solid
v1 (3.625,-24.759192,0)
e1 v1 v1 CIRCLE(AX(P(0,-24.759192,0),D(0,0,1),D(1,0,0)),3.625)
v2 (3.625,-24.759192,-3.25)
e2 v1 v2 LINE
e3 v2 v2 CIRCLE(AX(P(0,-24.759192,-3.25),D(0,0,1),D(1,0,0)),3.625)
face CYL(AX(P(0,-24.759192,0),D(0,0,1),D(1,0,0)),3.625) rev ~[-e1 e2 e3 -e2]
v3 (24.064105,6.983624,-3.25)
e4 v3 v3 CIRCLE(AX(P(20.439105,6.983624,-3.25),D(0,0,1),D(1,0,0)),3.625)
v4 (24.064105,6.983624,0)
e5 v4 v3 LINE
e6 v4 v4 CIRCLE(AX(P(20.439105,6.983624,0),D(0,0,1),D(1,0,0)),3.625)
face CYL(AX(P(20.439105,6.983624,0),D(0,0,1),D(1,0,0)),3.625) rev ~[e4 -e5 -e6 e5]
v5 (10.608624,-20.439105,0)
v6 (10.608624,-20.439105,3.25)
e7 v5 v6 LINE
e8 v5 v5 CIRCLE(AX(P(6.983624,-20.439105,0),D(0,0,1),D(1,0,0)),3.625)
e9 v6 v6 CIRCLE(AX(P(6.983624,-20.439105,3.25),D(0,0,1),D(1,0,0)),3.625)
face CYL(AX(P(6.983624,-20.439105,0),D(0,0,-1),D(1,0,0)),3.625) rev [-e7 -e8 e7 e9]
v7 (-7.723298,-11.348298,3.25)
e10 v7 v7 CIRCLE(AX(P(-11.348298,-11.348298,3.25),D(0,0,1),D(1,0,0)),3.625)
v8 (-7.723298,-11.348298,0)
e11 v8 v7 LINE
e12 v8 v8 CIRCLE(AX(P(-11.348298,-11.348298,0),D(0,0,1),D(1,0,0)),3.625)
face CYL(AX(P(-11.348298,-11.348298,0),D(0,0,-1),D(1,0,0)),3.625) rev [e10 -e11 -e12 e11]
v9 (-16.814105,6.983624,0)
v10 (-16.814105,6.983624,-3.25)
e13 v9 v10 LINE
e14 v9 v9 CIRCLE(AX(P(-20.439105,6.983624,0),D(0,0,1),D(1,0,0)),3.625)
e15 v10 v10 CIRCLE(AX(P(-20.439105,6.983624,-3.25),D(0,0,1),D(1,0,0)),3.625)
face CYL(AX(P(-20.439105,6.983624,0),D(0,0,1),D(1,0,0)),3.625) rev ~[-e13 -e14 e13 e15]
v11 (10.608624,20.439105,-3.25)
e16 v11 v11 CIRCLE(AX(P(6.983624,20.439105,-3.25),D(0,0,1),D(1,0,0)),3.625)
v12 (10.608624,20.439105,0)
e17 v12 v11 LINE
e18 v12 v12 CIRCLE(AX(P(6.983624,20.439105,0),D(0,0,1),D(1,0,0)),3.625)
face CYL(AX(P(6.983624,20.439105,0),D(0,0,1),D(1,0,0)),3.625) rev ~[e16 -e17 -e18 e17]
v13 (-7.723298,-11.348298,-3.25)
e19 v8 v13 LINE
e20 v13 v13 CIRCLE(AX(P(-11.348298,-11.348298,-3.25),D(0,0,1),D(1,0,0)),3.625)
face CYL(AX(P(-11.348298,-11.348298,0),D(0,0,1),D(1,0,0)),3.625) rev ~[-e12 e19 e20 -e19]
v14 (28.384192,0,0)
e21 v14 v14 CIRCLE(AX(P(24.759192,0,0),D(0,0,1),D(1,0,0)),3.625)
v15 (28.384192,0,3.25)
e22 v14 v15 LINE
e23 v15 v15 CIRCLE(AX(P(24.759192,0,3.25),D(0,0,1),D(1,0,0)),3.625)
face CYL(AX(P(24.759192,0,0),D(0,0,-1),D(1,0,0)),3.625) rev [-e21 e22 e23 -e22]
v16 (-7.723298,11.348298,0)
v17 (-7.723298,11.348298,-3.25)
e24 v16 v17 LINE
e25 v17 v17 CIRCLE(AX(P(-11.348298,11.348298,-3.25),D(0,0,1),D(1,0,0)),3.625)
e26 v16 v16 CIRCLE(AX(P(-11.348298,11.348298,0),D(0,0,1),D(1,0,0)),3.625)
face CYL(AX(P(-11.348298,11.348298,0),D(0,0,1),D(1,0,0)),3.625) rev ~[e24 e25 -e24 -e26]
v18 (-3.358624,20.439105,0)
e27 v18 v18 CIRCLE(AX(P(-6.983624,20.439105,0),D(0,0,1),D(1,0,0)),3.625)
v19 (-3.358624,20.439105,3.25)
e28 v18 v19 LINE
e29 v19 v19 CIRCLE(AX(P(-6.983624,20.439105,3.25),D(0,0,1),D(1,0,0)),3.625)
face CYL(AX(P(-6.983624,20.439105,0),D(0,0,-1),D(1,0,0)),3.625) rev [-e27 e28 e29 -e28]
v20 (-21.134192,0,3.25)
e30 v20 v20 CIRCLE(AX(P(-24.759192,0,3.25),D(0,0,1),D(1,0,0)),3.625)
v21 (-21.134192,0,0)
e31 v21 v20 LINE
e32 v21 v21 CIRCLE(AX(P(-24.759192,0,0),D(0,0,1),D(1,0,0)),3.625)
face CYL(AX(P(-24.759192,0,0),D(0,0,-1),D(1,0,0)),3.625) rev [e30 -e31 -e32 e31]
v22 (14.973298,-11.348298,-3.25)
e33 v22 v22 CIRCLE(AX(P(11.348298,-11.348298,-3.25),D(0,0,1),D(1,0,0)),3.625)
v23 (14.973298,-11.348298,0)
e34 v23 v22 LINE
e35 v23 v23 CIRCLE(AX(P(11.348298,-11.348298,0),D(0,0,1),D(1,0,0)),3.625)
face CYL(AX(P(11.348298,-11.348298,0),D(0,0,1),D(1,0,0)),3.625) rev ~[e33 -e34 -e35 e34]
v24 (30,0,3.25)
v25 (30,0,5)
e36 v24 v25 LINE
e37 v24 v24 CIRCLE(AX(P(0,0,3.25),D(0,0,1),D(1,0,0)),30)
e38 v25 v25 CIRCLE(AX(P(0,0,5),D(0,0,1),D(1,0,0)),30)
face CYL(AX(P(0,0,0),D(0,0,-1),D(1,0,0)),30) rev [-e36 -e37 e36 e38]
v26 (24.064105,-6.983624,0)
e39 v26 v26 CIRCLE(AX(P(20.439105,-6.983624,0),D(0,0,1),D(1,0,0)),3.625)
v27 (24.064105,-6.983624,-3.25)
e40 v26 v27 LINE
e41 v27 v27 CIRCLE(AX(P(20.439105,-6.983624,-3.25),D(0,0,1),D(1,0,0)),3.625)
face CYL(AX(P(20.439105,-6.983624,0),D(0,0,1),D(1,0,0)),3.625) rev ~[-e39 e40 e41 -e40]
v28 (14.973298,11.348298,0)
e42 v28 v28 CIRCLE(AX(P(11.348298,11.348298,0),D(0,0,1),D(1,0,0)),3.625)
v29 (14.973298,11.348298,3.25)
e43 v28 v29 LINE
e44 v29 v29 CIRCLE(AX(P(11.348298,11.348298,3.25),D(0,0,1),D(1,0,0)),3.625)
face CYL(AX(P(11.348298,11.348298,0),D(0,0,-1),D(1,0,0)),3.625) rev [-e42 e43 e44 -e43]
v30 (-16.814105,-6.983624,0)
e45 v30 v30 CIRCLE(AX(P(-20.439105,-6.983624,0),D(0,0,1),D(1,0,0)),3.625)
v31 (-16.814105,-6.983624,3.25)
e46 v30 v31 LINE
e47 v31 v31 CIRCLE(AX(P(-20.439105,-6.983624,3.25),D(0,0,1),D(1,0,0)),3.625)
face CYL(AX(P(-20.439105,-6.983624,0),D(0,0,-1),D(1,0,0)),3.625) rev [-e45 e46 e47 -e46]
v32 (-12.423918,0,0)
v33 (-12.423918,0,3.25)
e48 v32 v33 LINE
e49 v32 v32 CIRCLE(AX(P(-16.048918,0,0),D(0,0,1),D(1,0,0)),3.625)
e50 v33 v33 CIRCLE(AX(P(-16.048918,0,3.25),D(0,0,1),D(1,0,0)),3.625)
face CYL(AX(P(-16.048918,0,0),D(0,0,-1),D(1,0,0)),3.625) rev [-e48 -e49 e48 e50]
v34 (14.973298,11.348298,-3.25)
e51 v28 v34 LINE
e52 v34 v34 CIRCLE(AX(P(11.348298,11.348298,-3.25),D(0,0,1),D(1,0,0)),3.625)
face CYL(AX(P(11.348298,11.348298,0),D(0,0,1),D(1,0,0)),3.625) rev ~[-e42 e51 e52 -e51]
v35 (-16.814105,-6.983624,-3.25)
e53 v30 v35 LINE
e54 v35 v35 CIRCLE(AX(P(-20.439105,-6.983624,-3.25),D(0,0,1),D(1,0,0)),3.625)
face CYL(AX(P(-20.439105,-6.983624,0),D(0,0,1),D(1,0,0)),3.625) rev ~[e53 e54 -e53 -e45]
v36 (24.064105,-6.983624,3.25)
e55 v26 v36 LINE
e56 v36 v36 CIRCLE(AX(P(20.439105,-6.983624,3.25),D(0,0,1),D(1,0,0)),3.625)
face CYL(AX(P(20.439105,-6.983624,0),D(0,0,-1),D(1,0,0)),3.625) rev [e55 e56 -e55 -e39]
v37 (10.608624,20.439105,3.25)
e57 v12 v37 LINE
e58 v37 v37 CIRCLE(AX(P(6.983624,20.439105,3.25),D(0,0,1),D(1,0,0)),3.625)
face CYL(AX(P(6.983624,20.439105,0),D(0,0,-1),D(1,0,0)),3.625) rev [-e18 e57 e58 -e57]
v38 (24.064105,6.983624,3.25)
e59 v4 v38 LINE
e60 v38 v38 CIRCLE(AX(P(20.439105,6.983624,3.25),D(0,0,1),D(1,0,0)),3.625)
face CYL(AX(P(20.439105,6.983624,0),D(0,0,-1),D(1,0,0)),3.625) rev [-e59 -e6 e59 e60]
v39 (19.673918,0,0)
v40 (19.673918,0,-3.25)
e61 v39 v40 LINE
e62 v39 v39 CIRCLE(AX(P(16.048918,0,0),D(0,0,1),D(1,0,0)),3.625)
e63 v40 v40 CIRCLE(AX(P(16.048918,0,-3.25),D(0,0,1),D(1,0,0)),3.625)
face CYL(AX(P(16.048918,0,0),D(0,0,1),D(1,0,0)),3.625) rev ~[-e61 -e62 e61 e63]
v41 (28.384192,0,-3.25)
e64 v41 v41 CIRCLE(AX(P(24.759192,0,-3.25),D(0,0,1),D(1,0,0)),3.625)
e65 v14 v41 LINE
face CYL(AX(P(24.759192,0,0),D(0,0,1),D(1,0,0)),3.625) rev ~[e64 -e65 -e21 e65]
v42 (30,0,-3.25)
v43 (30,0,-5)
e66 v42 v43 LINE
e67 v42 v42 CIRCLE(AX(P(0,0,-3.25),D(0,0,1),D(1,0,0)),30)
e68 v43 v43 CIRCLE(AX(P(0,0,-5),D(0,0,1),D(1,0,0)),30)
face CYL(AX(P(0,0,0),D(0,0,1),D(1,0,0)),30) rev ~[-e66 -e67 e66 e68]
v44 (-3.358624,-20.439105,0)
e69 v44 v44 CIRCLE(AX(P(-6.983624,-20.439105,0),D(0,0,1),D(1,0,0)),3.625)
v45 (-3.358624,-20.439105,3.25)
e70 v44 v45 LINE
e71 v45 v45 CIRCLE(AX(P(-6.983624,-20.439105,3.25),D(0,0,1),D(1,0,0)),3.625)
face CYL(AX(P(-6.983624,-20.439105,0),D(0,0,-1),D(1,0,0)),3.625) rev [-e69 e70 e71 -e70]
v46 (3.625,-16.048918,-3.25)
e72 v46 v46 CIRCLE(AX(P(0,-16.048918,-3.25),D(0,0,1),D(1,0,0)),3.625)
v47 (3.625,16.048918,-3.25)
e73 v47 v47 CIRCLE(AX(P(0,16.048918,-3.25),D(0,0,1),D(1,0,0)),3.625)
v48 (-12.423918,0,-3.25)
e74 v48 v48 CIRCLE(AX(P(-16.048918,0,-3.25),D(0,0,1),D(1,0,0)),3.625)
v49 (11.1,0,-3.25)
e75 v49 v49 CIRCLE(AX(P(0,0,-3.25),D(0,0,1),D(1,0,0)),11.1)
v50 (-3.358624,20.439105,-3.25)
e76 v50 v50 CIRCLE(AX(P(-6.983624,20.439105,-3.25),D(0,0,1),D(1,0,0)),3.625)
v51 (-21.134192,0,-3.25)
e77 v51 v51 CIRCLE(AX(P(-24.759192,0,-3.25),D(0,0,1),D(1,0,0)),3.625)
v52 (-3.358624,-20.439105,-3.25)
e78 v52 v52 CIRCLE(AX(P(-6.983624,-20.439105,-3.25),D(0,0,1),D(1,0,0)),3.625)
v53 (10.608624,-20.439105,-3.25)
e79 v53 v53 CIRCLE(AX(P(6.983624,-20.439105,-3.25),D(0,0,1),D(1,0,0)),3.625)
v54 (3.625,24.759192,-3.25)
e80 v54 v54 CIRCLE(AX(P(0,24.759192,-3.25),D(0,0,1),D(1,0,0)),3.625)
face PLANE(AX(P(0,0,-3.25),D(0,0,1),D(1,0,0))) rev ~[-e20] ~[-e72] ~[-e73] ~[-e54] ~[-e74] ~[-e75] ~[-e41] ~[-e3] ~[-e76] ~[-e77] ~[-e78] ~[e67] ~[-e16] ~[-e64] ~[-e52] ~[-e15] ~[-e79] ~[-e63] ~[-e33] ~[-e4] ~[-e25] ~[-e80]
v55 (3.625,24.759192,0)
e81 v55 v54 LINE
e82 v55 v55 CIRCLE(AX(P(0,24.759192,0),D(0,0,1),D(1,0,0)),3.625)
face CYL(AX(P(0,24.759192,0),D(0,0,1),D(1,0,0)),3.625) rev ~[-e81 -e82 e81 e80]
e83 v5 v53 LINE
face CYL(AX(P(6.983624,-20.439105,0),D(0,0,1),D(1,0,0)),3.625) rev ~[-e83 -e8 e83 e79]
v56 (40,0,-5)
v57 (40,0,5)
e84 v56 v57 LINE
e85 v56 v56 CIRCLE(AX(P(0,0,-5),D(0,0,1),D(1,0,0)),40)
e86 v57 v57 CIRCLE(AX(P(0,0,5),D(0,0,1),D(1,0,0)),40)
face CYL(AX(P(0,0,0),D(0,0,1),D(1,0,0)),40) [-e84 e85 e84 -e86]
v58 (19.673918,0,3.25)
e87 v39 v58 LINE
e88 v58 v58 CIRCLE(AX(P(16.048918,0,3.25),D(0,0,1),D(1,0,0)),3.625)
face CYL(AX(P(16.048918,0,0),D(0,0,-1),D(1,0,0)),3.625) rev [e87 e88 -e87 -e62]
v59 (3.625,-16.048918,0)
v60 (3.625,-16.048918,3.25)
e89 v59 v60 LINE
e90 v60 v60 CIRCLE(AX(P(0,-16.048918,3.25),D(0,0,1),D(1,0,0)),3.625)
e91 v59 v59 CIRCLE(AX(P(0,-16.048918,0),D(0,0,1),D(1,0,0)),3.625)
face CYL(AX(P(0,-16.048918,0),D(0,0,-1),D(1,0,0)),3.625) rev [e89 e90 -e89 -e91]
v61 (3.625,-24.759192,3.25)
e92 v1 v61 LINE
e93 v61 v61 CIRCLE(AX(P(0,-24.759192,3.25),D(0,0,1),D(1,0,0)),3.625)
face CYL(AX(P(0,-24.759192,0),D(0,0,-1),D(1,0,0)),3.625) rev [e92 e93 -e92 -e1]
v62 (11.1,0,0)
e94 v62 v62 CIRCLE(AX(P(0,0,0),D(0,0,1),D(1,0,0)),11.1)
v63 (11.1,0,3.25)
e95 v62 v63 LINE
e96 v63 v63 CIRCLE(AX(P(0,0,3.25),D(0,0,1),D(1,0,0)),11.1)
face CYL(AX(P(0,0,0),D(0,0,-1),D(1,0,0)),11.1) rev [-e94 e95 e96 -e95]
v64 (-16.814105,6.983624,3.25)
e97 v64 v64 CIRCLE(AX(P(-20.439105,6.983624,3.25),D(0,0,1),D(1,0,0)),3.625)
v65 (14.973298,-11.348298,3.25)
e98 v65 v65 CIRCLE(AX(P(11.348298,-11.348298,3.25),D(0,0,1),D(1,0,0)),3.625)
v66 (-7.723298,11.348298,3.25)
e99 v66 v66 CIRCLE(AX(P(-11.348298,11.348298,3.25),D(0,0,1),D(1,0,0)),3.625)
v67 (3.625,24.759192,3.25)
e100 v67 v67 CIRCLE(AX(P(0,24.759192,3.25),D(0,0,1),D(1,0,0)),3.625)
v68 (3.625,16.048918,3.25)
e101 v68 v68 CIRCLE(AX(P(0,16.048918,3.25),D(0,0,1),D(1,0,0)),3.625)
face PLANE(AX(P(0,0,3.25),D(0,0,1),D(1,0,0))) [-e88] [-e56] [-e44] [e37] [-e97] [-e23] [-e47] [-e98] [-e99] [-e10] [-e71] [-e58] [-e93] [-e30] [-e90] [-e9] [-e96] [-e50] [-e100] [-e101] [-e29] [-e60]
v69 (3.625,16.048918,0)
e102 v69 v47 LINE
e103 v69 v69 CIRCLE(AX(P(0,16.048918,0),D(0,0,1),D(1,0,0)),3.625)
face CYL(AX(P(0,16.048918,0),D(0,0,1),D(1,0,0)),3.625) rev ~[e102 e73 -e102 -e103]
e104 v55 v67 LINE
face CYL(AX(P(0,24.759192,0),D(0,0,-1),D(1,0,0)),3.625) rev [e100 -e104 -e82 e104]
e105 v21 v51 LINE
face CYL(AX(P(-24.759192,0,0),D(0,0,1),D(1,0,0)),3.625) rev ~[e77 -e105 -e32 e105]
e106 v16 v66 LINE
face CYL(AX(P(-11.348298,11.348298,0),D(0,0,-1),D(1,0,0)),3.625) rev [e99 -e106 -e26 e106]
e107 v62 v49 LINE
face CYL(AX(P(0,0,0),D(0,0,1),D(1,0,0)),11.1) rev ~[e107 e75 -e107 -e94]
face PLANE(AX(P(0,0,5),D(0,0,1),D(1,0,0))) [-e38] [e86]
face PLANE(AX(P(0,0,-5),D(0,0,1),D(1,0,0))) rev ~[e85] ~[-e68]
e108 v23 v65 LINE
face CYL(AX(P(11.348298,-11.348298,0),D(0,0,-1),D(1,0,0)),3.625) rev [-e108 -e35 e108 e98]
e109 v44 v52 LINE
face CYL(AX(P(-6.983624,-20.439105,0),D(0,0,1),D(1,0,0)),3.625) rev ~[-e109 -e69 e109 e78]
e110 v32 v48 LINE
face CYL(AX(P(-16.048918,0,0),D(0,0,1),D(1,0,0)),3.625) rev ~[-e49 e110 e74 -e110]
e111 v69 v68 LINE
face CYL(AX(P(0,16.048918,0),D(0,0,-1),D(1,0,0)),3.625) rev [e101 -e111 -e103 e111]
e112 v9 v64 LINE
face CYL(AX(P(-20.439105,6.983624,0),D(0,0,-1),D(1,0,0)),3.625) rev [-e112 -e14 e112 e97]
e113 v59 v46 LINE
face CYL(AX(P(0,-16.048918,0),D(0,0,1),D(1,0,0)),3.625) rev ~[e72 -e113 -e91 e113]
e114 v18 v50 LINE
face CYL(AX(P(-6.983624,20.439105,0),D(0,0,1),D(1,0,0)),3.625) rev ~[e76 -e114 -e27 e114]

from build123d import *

# Parameters (mm, degrees)
F0_R          = 30
F0_R_2        = 3.625
F0_R_3        = 11.1
F2_DEPTH      = 3.25
F2_DEPTH_BACK = 3.25
F1_R          = 40
F1_R_2        = 30
F3_DEPTH      = 5
F3_DEPTH_BACK = 5


with BuildPart() as f2:
    # F0 (on Top) → F2 (new body, two sides)
    with BuildSketch(Plane.XY) as f2_sk:
        Circle(F0_R)
        with Locations((-6.983624, -20.439105)):
            Circle(F0_R_2, mode=Mode.SUBTRACT)
        with Locations((-20.439105, -6.983624)):
            Circle(F0_R_2, mode=Mode.SUBTRACT)
        with Locations((-11.348298, -11.348298)):
            Circle(F0_R_2, mode=Mode.SUBTRACT)
        with Locations((0, -24.759192)):
            Circle(F0_R_2, mode=Mode.SUBTRACT)
        with Locations((6.983624, -20.439105)):
            Circle(F0_R_2, mode=Mode.SUBTRACT)
        with Locations((0, -16.048918)):
            Circle(F0_R_2, mode=Mode.SUBTRACT)
        with Locations((11.348298, -11.348298)):
            Circle(F0_R_2, mode=Mode.SUBTRACT)
        with Locations((20.439105, -6.983624)):
            Circle(F0_R_2, mode=Mode.SUBTRACT)
        with Locations((-24.759192, 0)):
            Circle(F0_R_2, mode=Mode.SUBTRACT)
        with Locations((-16.048918, 0)):
            Circle(F0_R_2, mode=Mode.SUBTRACT)
        with Locations((-20.439105, 6.983624)):
            Circle(F0_R_2, mode=Mode.SUBTRACT)
        with Locations((-11.348298, 11.348298)):
            Circle(F0_R_2, mode=Mode.SUBTRACT)
        with Locations((-6.983624, 20.439105)):
            Circle(F0_R_2, mode=Mode.SUBTRACT)
        Circle(F0_R_3, mode=Mode.SUBTRACT)
        with Locations((11.348298, 11.348298)):
            Circle(F0_R_2, mode=Mode.SUBTRACT)
        with Locations((16.048918, 0)):
            Circle(F0_R_2, mode=Mode.SUBTRACT)
        with Locations((20.439105, 6.983624)):
            Circle(F0_R_2, mode=Mode.SUBTRACT)
        with Locations((24.759192, 0)):
            Circle(F0_R_2, mode=Mode.SUBTRACT)
        with Locations((0, 16.048918)):
            Circle(F0_R_2, mode=Mode.SUBTRACT)
        with Locations((6.983624, 20.439105)):
            Circle(F0_R_2, mode=Mode.SUBTRACT)
        with Locations((0, 24.759192)):
            Circle(F0_R_2, mode=Mode.SUBTRACT)
    extrude(amount=F2_DEPTH)
    extrude(f2_sk.sketch, amount=-F2_DEPTH_BACK)

    # F1 (on Top) → F3 (join, two sides)
    with BuildSketch(Plane.XY) as f3_sk:
        Circle(F1_R)
        Circle(F1_R_2, mode=Mode.SUBTRACT)
    extrude(amount=F3_DEPTH)
    extrude(f3_sk.sketch, amount=-F3_DEPTH_BACK)


solid = f2.part
